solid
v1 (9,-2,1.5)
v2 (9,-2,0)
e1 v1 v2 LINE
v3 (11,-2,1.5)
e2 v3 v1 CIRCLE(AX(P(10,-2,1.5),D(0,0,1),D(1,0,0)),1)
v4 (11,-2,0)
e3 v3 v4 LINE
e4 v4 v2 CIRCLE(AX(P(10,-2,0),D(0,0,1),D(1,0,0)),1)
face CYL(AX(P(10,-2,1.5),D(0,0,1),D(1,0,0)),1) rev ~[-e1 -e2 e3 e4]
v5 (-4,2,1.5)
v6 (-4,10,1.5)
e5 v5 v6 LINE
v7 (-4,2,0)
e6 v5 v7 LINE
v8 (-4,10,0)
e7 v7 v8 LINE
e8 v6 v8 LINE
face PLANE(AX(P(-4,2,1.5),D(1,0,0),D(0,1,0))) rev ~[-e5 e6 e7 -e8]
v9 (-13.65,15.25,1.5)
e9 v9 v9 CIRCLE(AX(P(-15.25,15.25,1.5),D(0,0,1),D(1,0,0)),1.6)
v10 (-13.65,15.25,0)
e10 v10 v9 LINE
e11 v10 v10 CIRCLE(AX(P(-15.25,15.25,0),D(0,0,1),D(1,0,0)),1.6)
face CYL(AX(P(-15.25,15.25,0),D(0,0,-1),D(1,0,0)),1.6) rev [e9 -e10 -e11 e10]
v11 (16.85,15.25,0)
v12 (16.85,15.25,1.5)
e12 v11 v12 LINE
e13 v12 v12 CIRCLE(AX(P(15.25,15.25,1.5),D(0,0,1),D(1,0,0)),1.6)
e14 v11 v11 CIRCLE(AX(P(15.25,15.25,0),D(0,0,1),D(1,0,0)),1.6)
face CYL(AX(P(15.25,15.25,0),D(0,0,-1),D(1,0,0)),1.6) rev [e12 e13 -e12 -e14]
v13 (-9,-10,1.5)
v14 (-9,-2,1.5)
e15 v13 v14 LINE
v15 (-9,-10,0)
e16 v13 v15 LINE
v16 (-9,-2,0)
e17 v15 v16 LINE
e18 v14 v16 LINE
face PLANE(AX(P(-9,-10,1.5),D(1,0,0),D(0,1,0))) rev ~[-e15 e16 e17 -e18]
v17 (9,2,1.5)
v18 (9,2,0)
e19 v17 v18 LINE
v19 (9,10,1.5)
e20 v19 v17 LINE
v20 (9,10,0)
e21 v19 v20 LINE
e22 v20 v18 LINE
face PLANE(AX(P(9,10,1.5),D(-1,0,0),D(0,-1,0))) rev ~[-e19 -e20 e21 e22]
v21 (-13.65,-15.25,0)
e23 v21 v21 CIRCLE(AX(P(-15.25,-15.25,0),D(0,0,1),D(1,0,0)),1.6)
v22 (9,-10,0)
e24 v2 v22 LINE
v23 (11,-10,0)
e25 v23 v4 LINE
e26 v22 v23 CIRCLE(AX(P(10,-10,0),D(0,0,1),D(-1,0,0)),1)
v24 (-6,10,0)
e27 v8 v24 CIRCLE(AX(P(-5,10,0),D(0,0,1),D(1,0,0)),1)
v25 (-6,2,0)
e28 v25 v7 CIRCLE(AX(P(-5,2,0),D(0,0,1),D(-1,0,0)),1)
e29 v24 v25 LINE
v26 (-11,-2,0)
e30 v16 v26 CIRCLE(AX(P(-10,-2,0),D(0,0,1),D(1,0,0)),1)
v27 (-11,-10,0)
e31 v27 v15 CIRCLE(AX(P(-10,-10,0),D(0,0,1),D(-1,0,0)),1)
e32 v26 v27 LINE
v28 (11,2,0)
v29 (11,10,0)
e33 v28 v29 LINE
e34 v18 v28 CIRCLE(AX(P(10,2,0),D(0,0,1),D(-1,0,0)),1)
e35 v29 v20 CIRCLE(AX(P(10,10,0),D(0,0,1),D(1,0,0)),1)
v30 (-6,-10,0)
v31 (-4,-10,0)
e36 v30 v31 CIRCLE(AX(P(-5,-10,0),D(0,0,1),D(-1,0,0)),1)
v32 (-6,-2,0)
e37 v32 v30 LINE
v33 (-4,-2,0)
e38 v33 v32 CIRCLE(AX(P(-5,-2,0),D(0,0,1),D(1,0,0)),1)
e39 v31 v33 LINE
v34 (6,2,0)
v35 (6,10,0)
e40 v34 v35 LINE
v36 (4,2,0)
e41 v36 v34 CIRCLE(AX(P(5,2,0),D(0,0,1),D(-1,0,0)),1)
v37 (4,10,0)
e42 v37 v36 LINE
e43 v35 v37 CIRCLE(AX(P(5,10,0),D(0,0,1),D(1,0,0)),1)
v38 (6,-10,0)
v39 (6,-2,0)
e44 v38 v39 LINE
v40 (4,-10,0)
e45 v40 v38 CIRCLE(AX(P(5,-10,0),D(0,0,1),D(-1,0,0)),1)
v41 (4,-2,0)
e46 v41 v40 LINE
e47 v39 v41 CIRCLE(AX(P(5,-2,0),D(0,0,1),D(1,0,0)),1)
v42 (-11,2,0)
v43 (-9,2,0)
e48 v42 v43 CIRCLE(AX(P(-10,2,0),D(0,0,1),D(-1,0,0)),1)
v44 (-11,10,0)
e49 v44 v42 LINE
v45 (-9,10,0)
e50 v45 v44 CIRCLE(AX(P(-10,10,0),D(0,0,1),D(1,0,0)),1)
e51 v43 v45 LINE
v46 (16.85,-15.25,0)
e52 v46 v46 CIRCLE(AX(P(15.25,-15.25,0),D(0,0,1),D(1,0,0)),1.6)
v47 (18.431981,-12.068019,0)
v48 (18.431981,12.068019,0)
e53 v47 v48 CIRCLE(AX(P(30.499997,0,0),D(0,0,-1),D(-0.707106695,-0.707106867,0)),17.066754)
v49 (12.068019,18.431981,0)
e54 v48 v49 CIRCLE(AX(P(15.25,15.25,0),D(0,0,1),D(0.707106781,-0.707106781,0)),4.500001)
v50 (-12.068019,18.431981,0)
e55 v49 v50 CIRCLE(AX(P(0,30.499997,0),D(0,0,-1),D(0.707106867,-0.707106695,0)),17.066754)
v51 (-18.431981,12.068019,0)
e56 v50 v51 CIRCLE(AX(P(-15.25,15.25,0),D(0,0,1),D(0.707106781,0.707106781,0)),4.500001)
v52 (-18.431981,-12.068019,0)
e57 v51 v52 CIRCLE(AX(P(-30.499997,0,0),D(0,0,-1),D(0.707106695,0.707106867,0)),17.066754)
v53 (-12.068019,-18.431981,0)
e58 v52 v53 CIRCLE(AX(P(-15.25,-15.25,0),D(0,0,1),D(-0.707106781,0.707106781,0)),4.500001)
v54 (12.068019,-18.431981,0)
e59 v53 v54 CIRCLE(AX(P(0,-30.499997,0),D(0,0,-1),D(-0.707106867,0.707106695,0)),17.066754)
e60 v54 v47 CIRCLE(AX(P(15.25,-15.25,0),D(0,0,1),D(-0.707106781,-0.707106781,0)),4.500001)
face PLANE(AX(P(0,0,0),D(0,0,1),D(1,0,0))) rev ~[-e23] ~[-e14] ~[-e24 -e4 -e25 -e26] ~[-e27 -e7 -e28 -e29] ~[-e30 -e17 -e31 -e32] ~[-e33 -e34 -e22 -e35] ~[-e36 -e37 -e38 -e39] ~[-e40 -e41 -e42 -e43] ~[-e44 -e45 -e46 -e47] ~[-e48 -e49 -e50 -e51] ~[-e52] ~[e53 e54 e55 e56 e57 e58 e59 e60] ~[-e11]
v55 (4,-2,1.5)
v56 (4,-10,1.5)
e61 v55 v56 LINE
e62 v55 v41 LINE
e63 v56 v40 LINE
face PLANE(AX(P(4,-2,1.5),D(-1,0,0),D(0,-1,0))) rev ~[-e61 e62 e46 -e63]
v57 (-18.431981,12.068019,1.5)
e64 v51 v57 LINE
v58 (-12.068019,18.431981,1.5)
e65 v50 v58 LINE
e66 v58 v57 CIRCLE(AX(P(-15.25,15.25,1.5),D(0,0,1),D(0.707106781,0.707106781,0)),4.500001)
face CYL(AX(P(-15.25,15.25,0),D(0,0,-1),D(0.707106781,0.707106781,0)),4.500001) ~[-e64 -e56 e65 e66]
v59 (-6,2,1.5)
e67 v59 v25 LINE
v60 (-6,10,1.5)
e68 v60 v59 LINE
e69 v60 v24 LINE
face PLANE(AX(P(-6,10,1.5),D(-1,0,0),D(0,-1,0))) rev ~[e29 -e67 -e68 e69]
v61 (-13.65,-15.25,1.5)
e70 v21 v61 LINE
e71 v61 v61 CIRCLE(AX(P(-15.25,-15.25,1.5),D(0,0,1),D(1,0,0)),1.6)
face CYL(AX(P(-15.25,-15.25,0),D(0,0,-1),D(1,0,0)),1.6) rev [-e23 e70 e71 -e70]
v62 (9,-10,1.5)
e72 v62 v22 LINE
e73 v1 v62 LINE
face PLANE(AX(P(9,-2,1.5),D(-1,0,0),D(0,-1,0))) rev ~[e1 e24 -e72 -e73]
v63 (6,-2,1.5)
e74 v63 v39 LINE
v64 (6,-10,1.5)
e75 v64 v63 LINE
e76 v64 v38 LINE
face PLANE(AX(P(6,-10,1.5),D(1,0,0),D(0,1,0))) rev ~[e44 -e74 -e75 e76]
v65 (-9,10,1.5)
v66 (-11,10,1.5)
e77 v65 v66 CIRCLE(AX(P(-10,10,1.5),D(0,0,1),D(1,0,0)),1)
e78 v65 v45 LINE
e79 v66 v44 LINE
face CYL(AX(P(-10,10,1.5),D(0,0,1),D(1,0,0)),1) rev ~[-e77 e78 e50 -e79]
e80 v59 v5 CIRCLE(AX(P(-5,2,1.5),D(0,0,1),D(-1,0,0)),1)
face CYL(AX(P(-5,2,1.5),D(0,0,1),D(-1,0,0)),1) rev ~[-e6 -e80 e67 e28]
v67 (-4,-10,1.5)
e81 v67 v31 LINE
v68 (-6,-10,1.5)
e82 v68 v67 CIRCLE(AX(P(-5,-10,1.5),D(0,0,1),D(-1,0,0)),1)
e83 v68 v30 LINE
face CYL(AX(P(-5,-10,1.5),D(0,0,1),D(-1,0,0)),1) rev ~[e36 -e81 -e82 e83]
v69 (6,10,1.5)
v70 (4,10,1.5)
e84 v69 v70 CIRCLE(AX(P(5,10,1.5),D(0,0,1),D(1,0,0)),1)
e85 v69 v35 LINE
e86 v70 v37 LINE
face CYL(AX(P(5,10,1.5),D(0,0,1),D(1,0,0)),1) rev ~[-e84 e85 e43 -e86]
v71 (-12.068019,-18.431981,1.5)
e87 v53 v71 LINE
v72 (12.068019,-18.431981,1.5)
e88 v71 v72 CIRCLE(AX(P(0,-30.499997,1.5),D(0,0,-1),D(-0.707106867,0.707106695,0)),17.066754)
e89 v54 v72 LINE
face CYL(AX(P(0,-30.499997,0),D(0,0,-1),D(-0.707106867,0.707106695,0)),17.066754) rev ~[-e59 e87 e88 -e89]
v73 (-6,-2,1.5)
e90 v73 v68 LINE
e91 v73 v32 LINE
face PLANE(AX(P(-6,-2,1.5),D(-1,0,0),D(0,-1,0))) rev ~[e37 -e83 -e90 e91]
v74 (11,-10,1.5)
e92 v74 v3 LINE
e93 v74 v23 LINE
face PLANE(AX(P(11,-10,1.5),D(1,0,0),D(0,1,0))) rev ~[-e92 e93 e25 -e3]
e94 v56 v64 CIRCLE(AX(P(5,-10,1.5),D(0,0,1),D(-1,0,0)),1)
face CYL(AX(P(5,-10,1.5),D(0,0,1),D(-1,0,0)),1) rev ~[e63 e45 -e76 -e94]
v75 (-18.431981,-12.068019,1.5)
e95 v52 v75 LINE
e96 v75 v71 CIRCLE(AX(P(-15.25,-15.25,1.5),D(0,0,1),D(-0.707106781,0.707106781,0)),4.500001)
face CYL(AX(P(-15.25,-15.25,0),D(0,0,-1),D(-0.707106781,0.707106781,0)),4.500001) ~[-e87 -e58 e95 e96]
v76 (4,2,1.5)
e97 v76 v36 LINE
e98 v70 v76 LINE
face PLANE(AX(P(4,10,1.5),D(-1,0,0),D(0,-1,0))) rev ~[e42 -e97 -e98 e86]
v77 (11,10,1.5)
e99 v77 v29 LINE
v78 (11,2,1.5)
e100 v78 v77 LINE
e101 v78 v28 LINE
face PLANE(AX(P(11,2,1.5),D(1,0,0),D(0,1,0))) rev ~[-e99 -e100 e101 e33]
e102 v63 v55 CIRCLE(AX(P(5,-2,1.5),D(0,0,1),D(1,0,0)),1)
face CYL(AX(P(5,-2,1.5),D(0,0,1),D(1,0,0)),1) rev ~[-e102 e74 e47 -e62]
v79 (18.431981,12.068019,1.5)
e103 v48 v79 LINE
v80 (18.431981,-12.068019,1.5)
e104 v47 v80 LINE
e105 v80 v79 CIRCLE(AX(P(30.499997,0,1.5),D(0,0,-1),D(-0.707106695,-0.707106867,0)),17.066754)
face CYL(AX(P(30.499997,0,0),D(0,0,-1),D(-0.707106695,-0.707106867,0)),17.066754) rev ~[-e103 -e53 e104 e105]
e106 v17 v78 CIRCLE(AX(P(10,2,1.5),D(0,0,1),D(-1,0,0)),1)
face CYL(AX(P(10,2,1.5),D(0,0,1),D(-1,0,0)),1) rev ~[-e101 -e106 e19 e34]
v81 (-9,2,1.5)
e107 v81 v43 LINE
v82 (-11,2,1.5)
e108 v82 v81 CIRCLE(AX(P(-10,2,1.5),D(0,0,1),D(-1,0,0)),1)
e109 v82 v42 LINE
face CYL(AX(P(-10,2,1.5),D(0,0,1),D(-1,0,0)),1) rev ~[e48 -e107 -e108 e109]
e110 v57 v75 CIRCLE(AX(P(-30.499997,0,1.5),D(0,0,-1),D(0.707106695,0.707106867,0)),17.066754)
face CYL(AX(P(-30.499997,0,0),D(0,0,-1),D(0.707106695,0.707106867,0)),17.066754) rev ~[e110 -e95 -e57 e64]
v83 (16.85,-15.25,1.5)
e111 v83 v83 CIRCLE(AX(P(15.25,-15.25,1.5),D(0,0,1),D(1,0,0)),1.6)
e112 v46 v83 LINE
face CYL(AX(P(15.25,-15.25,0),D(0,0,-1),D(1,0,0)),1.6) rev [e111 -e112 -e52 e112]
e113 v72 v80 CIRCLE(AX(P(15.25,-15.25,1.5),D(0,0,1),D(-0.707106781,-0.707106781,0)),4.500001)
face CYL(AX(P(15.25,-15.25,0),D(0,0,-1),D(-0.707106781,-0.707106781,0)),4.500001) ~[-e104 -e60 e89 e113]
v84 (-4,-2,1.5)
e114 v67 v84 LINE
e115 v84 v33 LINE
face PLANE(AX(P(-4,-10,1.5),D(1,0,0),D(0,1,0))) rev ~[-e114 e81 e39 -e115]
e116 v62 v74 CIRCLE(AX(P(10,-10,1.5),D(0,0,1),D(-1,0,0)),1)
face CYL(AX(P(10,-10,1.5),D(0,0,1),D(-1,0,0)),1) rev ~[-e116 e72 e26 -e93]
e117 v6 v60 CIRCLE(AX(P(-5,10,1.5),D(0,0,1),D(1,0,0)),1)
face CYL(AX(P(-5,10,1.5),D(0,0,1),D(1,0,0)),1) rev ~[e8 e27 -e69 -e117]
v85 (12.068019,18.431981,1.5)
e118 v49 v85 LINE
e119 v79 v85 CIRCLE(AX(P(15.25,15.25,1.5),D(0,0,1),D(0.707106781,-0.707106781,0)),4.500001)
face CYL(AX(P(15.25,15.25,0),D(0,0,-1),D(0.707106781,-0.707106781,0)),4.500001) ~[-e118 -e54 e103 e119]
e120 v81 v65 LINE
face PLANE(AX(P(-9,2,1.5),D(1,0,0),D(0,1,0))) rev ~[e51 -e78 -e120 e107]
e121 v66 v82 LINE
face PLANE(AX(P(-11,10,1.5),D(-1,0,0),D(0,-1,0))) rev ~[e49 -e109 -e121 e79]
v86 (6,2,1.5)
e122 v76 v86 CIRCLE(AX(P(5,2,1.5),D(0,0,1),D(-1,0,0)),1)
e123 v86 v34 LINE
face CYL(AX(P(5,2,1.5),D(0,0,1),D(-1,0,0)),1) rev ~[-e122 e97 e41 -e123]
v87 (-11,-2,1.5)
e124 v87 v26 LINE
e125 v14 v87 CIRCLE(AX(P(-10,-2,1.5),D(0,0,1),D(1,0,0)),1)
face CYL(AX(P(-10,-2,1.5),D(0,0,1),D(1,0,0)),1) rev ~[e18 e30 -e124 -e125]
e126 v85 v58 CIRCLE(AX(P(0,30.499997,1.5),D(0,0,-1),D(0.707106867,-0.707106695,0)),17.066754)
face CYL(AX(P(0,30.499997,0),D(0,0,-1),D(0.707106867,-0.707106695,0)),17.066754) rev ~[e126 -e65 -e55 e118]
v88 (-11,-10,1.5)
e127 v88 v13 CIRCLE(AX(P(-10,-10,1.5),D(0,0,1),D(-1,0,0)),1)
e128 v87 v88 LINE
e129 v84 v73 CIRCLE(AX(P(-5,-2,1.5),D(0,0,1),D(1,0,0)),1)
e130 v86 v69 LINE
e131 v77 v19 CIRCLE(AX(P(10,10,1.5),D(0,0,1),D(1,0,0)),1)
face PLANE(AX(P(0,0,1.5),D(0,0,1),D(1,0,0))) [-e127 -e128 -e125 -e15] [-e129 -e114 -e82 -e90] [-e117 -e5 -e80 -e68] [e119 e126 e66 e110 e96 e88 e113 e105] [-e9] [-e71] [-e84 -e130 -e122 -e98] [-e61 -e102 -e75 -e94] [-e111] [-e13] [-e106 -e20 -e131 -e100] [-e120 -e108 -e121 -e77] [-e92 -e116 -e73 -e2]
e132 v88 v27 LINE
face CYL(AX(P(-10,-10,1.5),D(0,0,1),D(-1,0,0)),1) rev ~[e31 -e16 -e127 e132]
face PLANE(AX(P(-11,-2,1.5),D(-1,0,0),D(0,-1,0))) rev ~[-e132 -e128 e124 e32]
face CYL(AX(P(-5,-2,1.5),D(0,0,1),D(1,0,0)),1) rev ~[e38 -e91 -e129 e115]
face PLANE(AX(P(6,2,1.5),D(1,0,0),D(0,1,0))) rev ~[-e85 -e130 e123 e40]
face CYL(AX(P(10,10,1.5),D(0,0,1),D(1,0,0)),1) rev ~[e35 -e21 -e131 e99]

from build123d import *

# Parameters (mm, degrees)
F0_R     = 1.6
F1_DEPTH = 1.5
F3_DEPTH = 1.501


with BuildPart() as f1:
    # F0 (on Top) → F1 (new body)
    with BuildSketch(Plane.XY):
        with BuildLine():
            ThreePointArc((12.068019, 18.431981), (0, 13.433243), (-12.068019, 18.431981))
            ThreePointArc((-12.068019, 18.431981), (-18.431981, 18.431981), (-18.431981, 12.068019))
            ThreePointArc((-18.431981, 12.068019), (-13.433243, 0), (-18.431981, -12.068019))
            ThreePointArc((-18.431981, -12.068019), (-18.431981, -18.431981), (-12.068019, -18.431981))
            ThreePointArc((-12.068019, -18.431981), (0, -13.433243), (12.068019, -18.431981))
            ThreePointArc((12.068019, -18.431981), (18.431981, -18.431981), (18.431981, -12.068019))
            ThreePointArc((18.431981, -12.068019), (13.433243, 0), (18.431981, 12.068019))
            ThreePointArc((18.431981, 12.068019), (18.431981, 18.431981), (12.068019, 18.431981))
        make_face()
        with Locations((-15.25, -15.25)):
            Circle(F0_R, mode=Mode.SUBTRACT)
        with Locations((15.25, -15.25)):
            Circle(F0_R, mode=Mode.SUBTRACT)
        with Locations((-15.25, 15.25)):
            Circle(F0_R, mode=Mode.SUBTRACT)
        with Locations((15.25, 15.25)):
            Circle(F0_R, mode=Mode.SUBTRACT)
    extrude(amount=F1_DEPTH)

    # F2 (on face) → F3 (cut, through all)
    with BuildSketch(Plane.XY.offset(1.5)):
        with BuildLine():
            Line((-4, 2), (-4, 10))
            ThreePointArc((-4, 10), (-5, 11), (-6, 10))
            Line((-6, 10), (-6, 2))
            ThreePointArc((-6, 2), (-5, 1), (-4, 2))
        make_face()
        with BuildLine():
            ThreePointArc((6, 10), (5, 11), (4, 10))
            Line((4, 10), (4, 2))
            ThreePointArc((4, 2), (5, 1), (6, 2))
            Line((6, 2), (6, 10))
        make_face()
        with BuildLine():
            Line((-4, -10), (-4, -2))
            ThreePointArc((-4, -2), (-5, -1), (-6, -2))
            Line((-6, -2), (-6, -10))
            ThreePointArc((-6, -10), (-5, -11), (-4, -10))
        make_face()
        with BuildLine():
            ThreePointArc((6, -2), (5, -1), (4, -2))
            Line((4, -2), (4, -10))
            ThreePointArc((4, -10), (5, -11), (6, -10))
            Line((6, -10), (6, -2))
        make_face()
        with BuildLine():
            Line((-9, 2), (-9, 10))
            ThreePointArc((-9, 10), (-10, 11), (-11, 10))
            Line((-11, 10), (-11, 2))
            ThreePointArc((-11, 2), (-10, 1), (-9, 2))
        make_face()
        with BuildLine():
            Line((-9, -10), (-9, -2))
            ThreePointArc((-9, -2), (-10, -1), (-11, -2))
            Line((-11, -2), (-11, -10))
            ThreePointArc((-11, -10), (-10, -11), (-9, -10))
        make_face()
        with BuildLine():
            ThreePointArc((11, -2), (10, -1), (9, -2))
            Line((9, -2), (9, -10))
            ThreePointArc((9, -10), (10, -11), (11, -10))
            Line((11, -10), (11, -2))
        make_face()
        with BuildLine():
            Line((9, 10), (9, 2))
            ThreePointArc((9, 2), (10, 1), (11, 2))
            Line((11, 2), (11, 10))
            ThreePointArc((11, 10), (10, 11), (9, 10))
        make_face()
    extrude(amount=-F3_DEPTH, mode=Mode.SUBTRACT)


solid = f1.part
